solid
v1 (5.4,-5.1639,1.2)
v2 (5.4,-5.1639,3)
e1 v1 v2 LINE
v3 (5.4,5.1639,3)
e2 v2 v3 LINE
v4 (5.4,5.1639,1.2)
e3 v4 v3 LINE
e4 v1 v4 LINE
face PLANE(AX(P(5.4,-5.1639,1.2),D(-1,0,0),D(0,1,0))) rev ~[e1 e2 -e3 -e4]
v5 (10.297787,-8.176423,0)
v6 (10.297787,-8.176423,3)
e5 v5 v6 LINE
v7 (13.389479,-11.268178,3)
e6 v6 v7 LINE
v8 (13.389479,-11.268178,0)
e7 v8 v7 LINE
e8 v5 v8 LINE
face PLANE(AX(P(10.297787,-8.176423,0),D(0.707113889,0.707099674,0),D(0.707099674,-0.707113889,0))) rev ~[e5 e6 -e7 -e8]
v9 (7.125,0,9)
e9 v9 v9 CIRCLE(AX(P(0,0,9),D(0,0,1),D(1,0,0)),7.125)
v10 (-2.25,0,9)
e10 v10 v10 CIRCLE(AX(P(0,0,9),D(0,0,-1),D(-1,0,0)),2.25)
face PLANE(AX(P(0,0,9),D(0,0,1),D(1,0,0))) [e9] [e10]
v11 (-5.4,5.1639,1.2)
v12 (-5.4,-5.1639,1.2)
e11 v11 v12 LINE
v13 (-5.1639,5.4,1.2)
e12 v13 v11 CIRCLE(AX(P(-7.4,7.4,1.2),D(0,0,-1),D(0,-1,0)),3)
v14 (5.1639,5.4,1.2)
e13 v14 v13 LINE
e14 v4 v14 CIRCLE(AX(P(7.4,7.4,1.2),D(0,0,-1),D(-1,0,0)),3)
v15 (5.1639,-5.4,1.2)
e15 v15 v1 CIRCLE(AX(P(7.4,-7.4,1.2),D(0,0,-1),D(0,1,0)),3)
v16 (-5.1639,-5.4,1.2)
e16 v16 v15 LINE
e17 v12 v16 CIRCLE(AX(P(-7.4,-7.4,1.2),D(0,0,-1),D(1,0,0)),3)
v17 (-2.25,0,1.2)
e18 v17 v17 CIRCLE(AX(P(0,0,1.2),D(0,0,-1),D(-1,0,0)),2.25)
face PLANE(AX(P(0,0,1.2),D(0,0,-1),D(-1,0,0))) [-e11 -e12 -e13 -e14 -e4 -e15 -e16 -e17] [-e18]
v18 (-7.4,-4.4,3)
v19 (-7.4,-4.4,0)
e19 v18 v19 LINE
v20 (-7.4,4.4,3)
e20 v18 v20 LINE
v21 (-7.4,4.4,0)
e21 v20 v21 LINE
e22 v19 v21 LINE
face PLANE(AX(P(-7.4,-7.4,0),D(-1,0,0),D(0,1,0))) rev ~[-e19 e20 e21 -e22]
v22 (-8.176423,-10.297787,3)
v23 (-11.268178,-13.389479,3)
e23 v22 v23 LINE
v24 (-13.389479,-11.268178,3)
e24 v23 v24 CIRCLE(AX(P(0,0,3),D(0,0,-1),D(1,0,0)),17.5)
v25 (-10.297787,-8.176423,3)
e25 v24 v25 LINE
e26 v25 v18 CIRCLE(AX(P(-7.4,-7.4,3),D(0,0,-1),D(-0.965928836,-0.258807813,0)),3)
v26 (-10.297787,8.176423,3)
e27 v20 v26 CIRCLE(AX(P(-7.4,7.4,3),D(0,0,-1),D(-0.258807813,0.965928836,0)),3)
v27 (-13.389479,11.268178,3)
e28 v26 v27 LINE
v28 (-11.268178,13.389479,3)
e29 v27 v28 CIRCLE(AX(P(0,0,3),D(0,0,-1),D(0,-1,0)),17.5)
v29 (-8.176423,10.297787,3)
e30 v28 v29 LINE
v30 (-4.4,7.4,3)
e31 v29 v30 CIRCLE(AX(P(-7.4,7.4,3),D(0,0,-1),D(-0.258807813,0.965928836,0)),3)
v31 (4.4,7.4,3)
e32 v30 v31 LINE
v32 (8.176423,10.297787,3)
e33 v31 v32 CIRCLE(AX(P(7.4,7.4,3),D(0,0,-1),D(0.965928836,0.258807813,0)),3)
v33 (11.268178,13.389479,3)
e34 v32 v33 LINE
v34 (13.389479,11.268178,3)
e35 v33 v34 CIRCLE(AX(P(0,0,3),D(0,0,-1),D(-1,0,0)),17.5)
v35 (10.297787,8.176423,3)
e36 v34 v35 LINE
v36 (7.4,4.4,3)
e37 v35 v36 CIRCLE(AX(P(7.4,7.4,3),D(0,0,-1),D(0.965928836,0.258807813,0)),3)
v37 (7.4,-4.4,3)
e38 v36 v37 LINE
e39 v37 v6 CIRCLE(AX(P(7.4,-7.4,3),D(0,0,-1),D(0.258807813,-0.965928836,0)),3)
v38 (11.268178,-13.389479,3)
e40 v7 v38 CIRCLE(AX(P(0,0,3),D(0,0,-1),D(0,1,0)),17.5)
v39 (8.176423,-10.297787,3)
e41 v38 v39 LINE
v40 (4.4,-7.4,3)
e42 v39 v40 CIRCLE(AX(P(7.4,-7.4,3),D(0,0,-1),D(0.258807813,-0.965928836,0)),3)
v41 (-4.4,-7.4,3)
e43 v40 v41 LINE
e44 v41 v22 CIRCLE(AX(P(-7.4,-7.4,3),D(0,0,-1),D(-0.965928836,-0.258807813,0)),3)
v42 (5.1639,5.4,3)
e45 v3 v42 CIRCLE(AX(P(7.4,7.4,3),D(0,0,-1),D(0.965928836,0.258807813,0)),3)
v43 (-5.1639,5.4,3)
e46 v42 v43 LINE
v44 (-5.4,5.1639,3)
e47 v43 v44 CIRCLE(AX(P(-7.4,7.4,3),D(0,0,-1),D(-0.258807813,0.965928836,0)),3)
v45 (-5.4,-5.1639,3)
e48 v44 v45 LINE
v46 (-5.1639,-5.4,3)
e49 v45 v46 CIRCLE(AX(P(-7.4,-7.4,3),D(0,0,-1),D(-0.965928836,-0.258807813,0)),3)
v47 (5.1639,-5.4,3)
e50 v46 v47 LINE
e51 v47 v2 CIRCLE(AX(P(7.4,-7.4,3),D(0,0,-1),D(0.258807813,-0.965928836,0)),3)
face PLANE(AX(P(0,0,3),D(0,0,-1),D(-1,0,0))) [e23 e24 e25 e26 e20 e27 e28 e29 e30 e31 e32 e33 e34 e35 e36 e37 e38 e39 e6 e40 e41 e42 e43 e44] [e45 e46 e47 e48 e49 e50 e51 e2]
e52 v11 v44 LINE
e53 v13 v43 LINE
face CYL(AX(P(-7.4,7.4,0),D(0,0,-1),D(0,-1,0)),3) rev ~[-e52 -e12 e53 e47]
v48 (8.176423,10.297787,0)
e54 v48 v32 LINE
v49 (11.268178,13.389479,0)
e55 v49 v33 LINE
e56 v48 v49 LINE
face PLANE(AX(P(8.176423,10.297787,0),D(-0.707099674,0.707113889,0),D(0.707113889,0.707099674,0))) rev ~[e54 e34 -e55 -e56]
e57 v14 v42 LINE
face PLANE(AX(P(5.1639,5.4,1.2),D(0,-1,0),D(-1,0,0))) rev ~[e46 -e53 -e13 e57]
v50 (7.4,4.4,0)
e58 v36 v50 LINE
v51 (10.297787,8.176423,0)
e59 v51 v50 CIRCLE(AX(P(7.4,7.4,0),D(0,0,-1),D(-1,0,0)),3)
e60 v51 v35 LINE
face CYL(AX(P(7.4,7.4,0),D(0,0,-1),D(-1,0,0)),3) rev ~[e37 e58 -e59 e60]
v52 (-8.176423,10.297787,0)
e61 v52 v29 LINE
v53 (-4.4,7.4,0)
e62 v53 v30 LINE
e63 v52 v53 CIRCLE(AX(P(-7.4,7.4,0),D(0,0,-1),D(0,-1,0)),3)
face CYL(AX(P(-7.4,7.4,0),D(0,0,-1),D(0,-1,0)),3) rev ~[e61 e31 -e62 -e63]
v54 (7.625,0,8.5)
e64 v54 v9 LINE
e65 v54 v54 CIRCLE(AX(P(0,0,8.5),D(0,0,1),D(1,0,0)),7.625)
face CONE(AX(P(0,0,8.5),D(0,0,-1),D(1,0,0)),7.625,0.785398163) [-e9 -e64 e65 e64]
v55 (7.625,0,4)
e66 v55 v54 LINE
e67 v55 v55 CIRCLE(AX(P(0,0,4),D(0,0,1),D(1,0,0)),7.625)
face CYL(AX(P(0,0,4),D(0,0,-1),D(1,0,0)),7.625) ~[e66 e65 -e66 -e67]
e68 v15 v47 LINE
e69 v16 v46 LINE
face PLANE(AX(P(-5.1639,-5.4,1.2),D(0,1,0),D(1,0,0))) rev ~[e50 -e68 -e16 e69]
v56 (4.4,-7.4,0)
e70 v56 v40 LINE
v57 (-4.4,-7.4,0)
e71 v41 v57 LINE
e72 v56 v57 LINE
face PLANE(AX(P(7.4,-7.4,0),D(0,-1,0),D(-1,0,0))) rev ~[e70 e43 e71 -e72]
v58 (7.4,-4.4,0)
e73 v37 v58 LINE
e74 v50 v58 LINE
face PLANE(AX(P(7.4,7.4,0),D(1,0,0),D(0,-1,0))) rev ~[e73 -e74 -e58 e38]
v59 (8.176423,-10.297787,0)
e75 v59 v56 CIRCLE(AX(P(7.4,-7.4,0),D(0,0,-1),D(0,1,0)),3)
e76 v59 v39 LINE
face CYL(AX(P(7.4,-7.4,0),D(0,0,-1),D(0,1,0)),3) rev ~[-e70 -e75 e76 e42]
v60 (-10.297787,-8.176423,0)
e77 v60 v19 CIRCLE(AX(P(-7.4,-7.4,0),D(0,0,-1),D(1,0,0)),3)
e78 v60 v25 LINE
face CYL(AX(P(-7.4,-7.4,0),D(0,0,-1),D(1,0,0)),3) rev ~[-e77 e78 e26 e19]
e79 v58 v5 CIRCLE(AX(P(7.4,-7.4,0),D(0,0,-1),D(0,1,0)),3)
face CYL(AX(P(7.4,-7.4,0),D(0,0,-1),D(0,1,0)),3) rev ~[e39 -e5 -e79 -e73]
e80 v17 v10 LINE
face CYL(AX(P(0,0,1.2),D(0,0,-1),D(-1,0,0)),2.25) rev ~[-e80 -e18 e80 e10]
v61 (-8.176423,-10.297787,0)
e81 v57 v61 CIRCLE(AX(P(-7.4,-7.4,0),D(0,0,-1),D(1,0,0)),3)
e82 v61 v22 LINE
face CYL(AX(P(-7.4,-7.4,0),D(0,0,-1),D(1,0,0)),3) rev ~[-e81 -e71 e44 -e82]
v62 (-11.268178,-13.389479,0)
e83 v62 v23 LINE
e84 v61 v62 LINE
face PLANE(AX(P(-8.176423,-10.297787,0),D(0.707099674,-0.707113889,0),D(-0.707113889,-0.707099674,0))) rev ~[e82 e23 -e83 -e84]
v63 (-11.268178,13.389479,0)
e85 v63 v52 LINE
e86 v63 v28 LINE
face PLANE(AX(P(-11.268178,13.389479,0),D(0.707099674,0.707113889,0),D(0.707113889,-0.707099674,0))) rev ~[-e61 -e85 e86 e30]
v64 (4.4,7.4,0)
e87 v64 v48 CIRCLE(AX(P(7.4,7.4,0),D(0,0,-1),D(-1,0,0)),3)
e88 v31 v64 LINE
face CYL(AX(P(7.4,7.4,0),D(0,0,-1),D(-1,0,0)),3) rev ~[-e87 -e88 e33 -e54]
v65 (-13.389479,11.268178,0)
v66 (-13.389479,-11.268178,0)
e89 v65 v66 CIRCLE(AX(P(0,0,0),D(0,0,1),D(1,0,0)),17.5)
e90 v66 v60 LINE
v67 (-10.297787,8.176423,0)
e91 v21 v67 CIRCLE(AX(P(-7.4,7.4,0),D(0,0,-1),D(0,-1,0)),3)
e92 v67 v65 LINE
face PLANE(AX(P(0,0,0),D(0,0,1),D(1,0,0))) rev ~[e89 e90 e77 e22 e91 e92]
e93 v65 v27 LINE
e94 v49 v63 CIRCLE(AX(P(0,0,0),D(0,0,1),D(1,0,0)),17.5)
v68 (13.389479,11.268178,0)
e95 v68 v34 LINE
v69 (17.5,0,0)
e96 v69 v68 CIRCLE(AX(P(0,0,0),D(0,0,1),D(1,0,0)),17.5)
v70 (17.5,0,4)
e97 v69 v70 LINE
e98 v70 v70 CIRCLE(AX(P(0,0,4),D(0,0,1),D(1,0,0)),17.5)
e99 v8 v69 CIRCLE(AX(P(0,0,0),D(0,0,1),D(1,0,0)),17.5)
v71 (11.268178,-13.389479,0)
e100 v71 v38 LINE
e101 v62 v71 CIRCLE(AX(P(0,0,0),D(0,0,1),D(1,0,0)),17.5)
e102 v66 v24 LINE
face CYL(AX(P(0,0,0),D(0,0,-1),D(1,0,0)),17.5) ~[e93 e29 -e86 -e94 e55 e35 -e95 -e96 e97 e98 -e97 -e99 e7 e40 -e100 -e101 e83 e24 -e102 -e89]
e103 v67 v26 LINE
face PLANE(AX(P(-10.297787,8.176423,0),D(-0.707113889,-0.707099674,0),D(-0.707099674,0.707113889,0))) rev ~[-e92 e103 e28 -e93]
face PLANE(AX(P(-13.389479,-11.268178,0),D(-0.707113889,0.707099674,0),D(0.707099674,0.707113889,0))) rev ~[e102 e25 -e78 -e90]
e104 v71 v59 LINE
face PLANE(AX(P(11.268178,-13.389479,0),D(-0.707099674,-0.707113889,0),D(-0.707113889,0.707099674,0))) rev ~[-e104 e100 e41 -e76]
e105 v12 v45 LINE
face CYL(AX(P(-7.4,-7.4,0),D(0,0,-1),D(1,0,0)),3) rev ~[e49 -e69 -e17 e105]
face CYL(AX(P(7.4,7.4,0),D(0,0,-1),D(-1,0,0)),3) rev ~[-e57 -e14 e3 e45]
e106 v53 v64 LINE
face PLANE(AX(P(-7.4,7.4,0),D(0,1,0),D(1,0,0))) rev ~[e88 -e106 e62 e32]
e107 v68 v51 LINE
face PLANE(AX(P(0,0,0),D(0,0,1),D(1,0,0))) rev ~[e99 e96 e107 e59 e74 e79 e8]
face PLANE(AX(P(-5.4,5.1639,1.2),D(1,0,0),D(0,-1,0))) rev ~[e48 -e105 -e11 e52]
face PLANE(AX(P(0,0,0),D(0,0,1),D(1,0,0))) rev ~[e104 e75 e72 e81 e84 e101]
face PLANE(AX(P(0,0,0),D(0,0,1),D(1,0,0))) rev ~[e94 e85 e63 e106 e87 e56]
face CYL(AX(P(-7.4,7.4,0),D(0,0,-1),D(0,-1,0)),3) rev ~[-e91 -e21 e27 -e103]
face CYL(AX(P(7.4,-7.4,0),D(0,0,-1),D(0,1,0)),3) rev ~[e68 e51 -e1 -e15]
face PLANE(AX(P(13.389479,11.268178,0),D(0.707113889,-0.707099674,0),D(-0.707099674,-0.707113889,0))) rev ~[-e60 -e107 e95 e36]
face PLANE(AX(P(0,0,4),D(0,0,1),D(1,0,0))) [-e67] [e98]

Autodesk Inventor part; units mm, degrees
ref_plane "XZ Plane" through (0, 0, 0) normal (0, 1, 0) x (-1, 0, 0)
ref_plane "XY Plane" through (0, 0, 0) normal (0, 0, 1) x (1, 0, 0)
sketch "Sketch1" plane through (0, 0, 0) normal (0, 0, 1) x (1, 0, 0)
  circle A0 centre (0, 0) radius 17.5
  dimension "d0" = 35
extrude "Extrusion1" add sketch "Sketch1" along normal blind 4
sketch "Sketch2" plane through (0, 0, 4) normal (0, 0, 1) x (1, 0, 0)
  circle A0 centre (0, 0) radius 7.625
  dimension "d3" = 15.25
extrude "Extrusion2" add sketch "Sketch2" along normal blind 5
chamfer "Chamfer1" distance 0.5 angle 45 1 edges at (-7.625, 0, 9)
sketch "Sketch3" plane through (0, 0, 0) normal (0, 0, -1) x (-1, 0, 0)
  line L0 (-7.4, -7.4) -> (7.4, -7.4)
  line L1 (7.4, -7.4) -> (7.4, 7.4)
  line L2 (7.4, 7.4) -> (-7.4, 7.4)
  line L3 (-7.4, 7.4) -> (-7.4, -7.4)
  line L4 (-7.4, -7.4) -> (7.4, 7.4) construction
  line L5 (7.4, -7.4) -> (-7.4, 7.4) construction
  point P0 (0, 0)
  dimension "d15" = 1.5
  dimension "d9" = 14.8
extrude "Extrusion3" cut sketch "Sketch3" against normal blind 1.2
sketch "Sketch4" plane through (0, 0, 0) normal (0, 0, -1) x (-1, 0, 0)
  line L0 (-7.4, -7.4) -> (-7.4, 7.4) projected
  circle A0 centre (-7.4, 7.4) radius 3
  point P0 (0, 0)
  dimension "d12" = 6
extrude "Extrusion4" cut sketch "Sketch4" against normal blind 3
sketch "Sketch5" plane through (0, 0, 0) normal (0, 0, -1) x (-1, 0, 0)
  circle A0 centre (-7.4, 7.4) radius 3 projected
  line L0 (-7.4, 7.4) -> (-12.3744, 12.3744) construction
  circle A1 centre (0, 0) radius 17.5 projected
  line L1 (-6.3393, 8.4607) -> (-11.3137, 13.435)
  line L2 (-13.435, 11.3137) -> (-8.4607, 6.3393)
  arc A2 (-8.4607, 6.3393) -> (-6.3393, 8.4607) centre (-7.4, 7.4) ccw
  arc A3 (-11.3137, 13.435) -> (-13.435, 11.3137) centre (-12.3744, 12.3744) ccw
  line L3 (0, -24.5) -> (0, 24.5) projected
  point P0 (-9.8872, 9.8872)
  point P1 (-13.3895, 11.2682)
  point P2 (-10.2978, 8.1765)
  point P3 (-8.1765, 10.2978)
  point P4 (-11.2682, 13.3895)
  dimension "d15" = 1.5
  dimension "d16" = 45
extrude "Extrusion5" cut sketch "Sketch5" against normal up to surface (3 mm away) contours A0 L2 A1 L1
pattern_circular "Circular Pattern1" count 4 over 360 about axis through (0, 0, -10) along (0, 0, 1) of "Extrusion4", "Extrusion5"
sketch "Sketch6" plane through (0, 0, 1.2) normal (0, 0, -1) x (-1, 0, 0)
  circle A0 centre (0, 0) radius 2.25
  dimension "d22" = 4.5
extrude "Extrusion6" cut sketch "Sketch6" against normal through all
ref_plane "Work Plane1" through (0, 0, 0) normal (0.7071, 0.7071, 0) x (0, 0, 1)
sketch "Sketch7" plane through (0, 0, 1.2) normal (0, 0, -1) x (-1, 0, 0)
  line L0 (7.4, 5.1639) -> (5.4, 5.1639)
  line L1 (5.4, 5.1639) -> (5.4, -5.1639)
  line L2 (5.4, -5.1639) -> (7.4, -5.1639)
  line L3 (7.4, -5.1639) -> (7.4, 5.1639)
  line L4 (7.4, 4.4) -> (7.4, -4.4) projected
  arc A0 (4.4, 7.4) -> (7.4, 4.4) centre (7.4, 7.4) ccw projected
  arc A1 (7.4, -4.4) -> (4.4, -7.4) centre (7.4, -7.4) ccw projected
  point P0 (0, 0)
  dimension "d26" = 2
extrude "Extrusion7" cut sketch "Sketch7" against normal up to surface (1.8 mm away)
pattern_circular "Circular Pattern2" count 4 over 360 about axis through (0, 0, -10) along (0, 0, 1) of "Extrusion7"
properties part number "chuck_v03_1.5inset" material "Polytetrafluoroethylene"
